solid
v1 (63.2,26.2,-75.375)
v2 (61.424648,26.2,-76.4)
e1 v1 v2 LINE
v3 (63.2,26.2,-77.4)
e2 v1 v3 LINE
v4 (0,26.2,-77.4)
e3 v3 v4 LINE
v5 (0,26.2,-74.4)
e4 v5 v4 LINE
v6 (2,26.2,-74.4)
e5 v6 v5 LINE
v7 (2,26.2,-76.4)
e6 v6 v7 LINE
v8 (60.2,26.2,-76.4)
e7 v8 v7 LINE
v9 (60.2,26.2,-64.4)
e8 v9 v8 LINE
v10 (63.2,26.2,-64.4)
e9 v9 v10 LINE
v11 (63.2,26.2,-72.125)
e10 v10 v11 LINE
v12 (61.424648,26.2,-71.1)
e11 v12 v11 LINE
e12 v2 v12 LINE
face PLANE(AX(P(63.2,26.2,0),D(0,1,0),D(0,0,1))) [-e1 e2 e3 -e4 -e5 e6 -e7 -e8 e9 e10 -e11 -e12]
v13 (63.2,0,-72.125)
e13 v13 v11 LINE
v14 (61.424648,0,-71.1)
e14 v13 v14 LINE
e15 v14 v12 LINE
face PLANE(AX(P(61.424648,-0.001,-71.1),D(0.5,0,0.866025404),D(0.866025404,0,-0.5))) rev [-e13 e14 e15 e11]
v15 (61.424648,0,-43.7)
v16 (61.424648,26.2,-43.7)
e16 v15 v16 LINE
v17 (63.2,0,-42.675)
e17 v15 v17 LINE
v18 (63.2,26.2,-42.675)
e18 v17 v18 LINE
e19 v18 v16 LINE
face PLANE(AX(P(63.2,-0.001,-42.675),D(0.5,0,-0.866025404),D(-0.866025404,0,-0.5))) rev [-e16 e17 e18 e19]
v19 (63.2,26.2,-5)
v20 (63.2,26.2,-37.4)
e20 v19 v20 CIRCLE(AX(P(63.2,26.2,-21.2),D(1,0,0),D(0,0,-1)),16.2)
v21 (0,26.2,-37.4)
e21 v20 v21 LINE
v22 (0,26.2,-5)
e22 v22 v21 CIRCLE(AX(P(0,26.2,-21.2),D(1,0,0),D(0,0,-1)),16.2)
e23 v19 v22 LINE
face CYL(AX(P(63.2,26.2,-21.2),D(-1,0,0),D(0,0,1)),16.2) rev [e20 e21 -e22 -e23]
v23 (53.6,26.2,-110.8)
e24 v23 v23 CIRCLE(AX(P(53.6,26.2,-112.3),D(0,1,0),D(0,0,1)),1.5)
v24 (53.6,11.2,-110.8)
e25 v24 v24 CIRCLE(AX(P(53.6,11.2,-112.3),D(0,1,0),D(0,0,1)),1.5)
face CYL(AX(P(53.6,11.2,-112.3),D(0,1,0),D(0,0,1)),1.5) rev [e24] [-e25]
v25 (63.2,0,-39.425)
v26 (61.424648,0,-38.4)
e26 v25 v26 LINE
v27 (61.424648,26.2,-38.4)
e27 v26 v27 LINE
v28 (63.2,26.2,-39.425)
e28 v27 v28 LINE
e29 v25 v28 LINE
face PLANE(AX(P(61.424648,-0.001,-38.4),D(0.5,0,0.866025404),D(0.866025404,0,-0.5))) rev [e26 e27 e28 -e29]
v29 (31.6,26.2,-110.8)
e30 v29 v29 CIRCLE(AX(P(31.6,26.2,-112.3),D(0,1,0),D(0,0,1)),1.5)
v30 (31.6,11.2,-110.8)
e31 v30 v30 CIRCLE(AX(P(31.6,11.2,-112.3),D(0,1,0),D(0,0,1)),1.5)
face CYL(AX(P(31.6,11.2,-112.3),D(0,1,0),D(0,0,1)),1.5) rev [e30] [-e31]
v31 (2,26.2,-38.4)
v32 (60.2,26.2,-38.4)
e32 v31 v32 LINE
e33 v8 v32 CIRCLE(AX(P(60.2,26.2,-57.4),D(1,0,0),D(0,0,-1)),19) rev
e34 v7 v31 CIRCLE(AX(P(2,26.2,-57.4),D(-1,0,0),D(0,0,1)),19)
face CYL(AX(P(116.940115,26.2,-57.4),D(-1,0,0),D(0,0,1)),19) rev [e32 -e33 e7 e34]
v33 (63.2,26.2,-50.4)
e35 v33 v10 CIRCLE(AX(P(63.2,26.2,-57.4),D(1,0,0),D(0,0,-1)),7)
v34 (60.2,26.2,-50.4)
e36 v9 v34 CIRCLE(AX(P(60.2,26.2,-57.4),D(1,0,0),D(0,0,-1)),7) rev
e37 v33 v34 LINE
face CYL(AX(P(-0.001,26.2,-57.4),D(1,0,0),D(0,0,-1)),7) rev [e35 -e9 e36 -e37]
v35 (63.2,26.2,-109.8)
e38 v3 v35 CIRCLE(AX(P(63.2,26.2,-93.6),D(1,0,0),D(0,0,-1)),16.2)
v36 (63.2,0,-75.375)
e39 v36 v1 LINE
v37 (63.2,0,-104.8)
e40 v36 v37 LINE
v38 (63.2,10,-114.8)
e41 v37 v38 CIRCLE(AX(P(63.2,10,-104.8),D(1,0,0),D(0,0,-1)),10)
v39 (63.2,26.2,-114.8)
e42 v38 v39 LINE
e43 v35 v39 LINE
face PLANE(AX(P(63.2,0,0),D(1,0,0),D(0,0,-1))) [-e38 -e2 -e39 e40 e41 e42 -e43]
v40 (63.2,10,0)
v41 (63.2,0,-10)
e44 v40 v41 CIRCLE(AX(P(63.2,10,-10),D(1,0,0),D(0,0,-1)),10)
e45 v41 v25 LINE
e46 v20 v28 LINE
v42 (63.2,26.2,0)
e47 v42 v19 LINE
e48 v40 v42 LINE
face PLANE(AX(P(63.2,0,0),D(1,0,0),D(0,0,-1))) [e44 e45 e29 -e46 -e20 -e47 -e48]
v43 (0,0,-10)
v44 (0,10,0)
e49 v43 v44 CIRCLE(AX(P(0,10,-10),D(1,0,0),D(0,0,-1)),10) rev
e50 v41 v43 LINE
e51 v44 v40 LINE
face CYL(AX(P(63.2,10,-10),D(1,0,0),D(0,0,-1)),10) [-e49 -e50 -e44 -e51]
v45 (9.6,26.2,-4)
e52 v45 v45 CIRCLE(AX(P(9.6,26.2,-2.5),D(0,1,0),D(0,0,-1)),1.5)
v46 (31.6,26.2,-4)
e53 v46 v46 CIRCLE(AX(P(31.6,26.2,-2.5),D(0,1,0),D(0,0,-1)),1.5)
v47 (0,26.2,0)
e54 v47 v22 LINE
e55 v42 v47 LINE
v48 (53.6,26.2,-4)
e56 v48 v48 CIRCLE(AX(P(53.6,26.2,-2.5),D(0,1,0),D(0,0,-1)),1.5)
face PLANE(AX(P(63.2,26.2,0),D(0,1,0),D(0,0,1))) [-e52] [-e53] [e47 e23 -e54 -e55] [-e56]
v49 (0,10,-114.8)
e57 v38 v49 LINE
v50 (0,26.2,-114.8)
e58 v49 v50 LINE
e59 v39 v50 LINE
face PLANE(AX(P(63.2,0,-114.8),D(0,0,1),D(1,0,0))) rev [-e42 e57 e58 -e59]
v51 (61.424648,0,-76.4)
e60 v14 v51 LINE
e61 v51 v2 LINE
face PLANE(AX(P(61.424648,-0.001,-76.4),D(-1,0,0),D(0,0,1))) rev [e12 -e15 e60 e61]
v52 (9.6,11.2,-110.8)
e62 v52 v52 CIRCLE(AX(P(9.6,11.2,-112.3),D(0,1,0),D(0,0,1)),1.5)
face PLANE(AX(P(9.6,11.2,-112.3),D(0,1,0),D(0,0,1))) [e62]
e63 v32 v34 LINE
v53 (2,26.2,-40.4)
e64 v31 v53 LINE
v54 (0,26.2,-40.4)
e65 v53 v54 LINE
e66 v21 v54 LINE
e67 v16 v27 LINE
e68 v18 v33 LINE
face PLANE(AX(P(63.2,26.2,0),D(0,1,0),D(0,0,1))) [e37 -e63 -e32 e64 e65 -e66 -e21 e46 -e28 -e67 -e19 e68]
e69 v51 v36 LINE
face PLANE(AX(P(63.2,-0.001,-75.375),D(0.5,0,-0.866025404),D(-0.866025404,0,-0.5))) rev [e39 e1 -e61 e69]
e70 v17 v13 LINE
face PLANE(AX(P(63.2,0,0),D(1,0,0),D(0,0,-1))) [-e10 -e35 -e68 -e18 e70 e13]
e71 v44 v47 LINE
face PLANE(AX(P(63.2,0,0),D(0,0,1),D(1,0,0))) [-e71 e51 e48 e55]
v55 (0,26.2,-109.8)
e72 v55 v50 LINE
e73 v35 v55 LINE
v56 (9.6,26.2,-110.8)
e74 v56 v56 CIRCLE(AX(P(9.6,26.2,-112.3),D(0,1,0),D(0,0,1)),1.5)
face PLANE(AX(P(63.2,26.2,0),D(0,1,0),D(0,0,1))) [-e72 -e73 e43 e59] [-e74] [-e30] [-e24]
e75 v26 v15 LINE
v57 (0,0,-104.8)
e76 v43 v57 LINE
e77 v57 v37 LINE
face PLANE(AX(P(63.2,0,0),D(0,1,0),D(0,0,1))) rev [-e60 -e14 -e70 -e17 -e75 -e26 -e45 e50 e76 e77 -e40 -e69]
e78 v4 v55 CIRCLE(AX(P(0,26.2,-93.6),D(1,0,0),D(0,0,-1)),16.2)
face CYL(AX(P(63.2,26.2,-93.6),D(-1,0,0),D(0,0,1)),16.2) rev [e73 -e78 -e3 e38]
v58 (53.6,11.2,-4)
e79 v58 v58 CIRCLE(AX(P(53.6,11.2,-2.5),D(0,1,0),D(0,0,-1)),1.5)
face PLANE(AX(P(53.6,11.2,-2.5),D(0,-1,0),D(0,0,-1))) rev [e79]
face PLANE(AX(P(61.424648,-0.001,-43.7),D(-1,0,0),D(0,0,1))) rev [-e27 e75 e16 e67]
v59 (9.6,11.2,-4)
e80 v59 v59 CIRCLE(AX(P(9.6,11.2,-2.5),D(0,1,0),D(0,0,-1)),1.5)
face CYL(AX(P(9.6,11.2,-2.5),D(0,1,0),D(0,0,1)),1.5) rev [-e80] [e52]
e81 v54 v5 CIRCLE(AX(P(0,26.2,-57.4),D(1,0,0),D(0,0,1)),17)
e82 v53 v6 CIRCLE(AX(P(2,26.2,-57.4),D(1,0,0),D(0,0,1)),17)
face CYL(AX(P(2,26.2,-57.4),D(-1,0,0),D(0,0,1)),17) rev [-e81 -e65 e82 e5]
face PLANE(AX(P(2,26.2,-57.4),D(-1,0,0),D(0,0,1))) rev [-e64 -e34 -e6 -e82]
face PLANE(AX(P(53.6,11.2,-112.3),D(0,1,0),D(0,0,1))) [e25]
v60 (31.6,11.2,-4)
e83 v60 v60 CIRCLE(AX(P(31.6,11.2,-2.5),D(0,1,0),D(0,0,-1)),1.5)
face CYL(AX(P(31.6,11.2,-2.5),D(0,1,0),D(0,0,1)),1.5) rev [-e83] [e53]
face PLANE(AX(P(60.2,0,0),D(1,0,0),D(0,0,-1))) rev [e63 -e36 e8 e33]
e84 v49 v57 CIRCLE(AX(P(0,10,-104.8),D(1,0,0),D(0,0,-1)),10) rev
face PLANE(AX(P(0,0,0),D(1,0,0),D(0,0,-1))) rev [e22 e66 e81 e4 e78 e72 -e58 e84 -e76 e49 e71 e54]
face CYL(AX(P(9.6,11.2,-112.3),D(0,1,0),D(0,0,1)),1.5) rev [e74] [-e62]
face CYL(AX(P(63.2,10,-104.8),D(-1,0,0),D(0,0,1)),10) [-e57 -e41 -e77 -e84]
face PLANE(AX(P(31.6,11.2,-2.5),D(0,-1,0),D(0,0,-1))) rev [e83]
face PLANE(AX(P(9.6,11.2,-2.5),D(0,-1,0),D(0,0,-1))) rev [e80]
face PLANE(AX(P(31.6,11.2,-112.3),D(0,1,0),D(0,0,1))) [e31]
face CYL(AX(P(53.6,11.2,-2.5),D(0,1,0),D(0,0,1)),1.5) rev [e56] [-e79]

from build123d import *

# Parameters (mm, degrees)
BOSS_EXTRUDE1_DEPTH = 63.2
CUT_EXTRUDE14_REACH = 135.64
SKETCH31_R          = 19
CUT_EXTRUDE15_DEPTH = 60.2
CUT_EXTRUDE16_REACH = 135.64
SKETCH32_R          = 7
BOSS_EXTRUDE6_DEPTH = 2
FILLET1_R           = 10
SKETCH34_R          = 1.5
CUT_EXTRUDE17_DEPTH = 15


with BuildPart() as part:
    # Sketch1 → Boss-Extrude1 (new body)
    with BuildSketch(Plane(origin=(0, 0, 0), x_dir=(0, 0, -1), z_dir=(1, 0, 0))):
        with BuildLine():
            Line((0, 0), (114.8, 0))
            Line((114.8, 0), (114.8, 26.2))
            Line((114.8, 26.2), (109.8, 26.2))
            ThreePointArc((109.8, 26.2), (93.6, 10), (77.4, 26.2))
            Line((77.4, 26.2), (37.4, 26.2))
            ThreePointArc((37.4, 26.2), (21.2, 10), (5, 26.2))
            Line((5, 26.2), (0, 26.2))
            Line((0, 26.2), (0, 0))
        make_face()
    extrude(amount=BOSS_EXTRUDE1_DEPTH)

    # Sketch30 → Cut-Extrude14 (cut, up to next)
    with BuildSketch(Plane(origin=(0, 26.2, 0), x_dir=(1, 0, 0), z_dir=(0, 1, 0)), mode=Mode.PRIVATE) as cut_extrude14_sk1:
        Polygon((63.2, 75.375), (61.424647922, 76.4), (61.424647922, 71.1), (63.2, 72.125), align=None)
    cut_extrude14_tool1 = extrude(cut_extrude14_sk1.sketch, amount=-CUT_EXTRUDE14_REACH, mode=Mode.PRIVATE) & part.part
    # Sketch30 → Cut-Extrude14 (cut, up to next)
    with BuildSketch(Plane(origin=(0, 26.2, 0), x_dir=(1, 0, 0), z_dir=(0, 1, 0)), mode=Mode.PRIVATE) as cut_extrude14_sk2:
        Polygon((63.2, 42.675), (61.424647922, 43.7), (61.424647922, 38.4), (63.2, 39.425), align=None)
    cut_extrude14_tool2 = extrude(cut_extrude14_sk2.sketch, amount=-CUT_EXTRUDE14_REACH, mode=Mode.PRIVATE) & part.part
    add(cut_extrude14_tool1.solids().sort_by_distance((62.241379, 26.2, -73.75))[0], mode=Mode.SUBTRACT)
    add(cut_extrude14_tool2.solids().sort_by_distance((62.241379, 26.2, -41.05))[0], mode=Mode.SUBTRACT)

    # Sketch31 → Cut-Extrude15 (cut)
    with BuildSketch(Plane.ZY):
        with Locations((-57.4, 26.2)):
            Circle(SKETCH31_R)
    extrude(amount=-CUT_EXTRUDE15_DEPTH, mode=Mode.SUBTRACT)

    # Sketch32 → Cut-Extrude16 (cut, up to next)
    with BuildSketch(Plane(origin=(63.2, 0, 0), x_dir=(0, 0, -1), z_dir=(1, 0, 0)), mode=Mode.PRIVATE) as cut_extrude16_sk1:
        with Locations((57.4, 26.2)):
            Circle(SKETCH32_R)
    cut_extrude16_tool1 = extrude(cut_extrude16_sk1.sketch, amount=-CUT_EXTRUDE16_REACH, mode=Mode.PRIVATE) & part.part
    add(cut_extrude16_tool1.solids().sort_by_distance((63.2, 26.2, -57.4))[0], mode=Mode.SUBTRACT)

    # Sketch33 → Boss-Extrude6 (add)
    with BuildSketch(Plane.ZY):
        with BuildLine():
            Line((-74.4, 26.2), (-76.4, 26.2))
            ThreePointArc((-76.4, 26.2), (-57.4, 7.2), (-38.4, 26.2))
            Line((-38.4, 26.2), (-40.4, 26.2))
            ThreePointArc((-40.4, 26.2), (-57.4, 9.2), (-74.4, 26.2))
        make_face()
    extrude(amount=-BOSS_EXTRUDE6_DEPTH)

    # Fillet1
    fillet1_edges = [part.edges().sort_by_distance(p)[0] for p in [
        (31.6, 0, -114.8),
        (31.6, 0, 0),
    ]]
    fillet(fillet1_edges, radius=FILLET1_R)

    # Sketch34 → Cut-Extrude17 (cut)
    with BuildSketch(Plane(origin=(0, 26.2, 0), x_dir=(1, 0, 0), z_dir=(0, 1, 0))):
        with Locations(Location((9.6, 112.3, 0), (0, 0, 270))):
            Circle(SKETCH34_R)
        with Locations(Location((31.6, 112.3, 0), (0, 0, 270))):
            Circle(SKETCH34_R)
        with Locations(Location((53.6, 112.3, 0), (0, 0, 270))):
            Circle(SKETCH34_R)
        with Locations(Location((53.6, 2.5, 0), (0, 0, 90))):
            Circle(SKETCH34_R)
        with Locations(Location((31.6, 2.5, 0), (0, 0, 90))):
            Circle(SKETCH34_R)
        with Locations(Location((9.6, 2.5, 0), (0, 0, 90))):
            Circle(SKETCH34_R)
    extrude(amount=-CUT_EXTRUDE17_DEPTH, mode=Mode.SUBTRACT)


solid = part.part
